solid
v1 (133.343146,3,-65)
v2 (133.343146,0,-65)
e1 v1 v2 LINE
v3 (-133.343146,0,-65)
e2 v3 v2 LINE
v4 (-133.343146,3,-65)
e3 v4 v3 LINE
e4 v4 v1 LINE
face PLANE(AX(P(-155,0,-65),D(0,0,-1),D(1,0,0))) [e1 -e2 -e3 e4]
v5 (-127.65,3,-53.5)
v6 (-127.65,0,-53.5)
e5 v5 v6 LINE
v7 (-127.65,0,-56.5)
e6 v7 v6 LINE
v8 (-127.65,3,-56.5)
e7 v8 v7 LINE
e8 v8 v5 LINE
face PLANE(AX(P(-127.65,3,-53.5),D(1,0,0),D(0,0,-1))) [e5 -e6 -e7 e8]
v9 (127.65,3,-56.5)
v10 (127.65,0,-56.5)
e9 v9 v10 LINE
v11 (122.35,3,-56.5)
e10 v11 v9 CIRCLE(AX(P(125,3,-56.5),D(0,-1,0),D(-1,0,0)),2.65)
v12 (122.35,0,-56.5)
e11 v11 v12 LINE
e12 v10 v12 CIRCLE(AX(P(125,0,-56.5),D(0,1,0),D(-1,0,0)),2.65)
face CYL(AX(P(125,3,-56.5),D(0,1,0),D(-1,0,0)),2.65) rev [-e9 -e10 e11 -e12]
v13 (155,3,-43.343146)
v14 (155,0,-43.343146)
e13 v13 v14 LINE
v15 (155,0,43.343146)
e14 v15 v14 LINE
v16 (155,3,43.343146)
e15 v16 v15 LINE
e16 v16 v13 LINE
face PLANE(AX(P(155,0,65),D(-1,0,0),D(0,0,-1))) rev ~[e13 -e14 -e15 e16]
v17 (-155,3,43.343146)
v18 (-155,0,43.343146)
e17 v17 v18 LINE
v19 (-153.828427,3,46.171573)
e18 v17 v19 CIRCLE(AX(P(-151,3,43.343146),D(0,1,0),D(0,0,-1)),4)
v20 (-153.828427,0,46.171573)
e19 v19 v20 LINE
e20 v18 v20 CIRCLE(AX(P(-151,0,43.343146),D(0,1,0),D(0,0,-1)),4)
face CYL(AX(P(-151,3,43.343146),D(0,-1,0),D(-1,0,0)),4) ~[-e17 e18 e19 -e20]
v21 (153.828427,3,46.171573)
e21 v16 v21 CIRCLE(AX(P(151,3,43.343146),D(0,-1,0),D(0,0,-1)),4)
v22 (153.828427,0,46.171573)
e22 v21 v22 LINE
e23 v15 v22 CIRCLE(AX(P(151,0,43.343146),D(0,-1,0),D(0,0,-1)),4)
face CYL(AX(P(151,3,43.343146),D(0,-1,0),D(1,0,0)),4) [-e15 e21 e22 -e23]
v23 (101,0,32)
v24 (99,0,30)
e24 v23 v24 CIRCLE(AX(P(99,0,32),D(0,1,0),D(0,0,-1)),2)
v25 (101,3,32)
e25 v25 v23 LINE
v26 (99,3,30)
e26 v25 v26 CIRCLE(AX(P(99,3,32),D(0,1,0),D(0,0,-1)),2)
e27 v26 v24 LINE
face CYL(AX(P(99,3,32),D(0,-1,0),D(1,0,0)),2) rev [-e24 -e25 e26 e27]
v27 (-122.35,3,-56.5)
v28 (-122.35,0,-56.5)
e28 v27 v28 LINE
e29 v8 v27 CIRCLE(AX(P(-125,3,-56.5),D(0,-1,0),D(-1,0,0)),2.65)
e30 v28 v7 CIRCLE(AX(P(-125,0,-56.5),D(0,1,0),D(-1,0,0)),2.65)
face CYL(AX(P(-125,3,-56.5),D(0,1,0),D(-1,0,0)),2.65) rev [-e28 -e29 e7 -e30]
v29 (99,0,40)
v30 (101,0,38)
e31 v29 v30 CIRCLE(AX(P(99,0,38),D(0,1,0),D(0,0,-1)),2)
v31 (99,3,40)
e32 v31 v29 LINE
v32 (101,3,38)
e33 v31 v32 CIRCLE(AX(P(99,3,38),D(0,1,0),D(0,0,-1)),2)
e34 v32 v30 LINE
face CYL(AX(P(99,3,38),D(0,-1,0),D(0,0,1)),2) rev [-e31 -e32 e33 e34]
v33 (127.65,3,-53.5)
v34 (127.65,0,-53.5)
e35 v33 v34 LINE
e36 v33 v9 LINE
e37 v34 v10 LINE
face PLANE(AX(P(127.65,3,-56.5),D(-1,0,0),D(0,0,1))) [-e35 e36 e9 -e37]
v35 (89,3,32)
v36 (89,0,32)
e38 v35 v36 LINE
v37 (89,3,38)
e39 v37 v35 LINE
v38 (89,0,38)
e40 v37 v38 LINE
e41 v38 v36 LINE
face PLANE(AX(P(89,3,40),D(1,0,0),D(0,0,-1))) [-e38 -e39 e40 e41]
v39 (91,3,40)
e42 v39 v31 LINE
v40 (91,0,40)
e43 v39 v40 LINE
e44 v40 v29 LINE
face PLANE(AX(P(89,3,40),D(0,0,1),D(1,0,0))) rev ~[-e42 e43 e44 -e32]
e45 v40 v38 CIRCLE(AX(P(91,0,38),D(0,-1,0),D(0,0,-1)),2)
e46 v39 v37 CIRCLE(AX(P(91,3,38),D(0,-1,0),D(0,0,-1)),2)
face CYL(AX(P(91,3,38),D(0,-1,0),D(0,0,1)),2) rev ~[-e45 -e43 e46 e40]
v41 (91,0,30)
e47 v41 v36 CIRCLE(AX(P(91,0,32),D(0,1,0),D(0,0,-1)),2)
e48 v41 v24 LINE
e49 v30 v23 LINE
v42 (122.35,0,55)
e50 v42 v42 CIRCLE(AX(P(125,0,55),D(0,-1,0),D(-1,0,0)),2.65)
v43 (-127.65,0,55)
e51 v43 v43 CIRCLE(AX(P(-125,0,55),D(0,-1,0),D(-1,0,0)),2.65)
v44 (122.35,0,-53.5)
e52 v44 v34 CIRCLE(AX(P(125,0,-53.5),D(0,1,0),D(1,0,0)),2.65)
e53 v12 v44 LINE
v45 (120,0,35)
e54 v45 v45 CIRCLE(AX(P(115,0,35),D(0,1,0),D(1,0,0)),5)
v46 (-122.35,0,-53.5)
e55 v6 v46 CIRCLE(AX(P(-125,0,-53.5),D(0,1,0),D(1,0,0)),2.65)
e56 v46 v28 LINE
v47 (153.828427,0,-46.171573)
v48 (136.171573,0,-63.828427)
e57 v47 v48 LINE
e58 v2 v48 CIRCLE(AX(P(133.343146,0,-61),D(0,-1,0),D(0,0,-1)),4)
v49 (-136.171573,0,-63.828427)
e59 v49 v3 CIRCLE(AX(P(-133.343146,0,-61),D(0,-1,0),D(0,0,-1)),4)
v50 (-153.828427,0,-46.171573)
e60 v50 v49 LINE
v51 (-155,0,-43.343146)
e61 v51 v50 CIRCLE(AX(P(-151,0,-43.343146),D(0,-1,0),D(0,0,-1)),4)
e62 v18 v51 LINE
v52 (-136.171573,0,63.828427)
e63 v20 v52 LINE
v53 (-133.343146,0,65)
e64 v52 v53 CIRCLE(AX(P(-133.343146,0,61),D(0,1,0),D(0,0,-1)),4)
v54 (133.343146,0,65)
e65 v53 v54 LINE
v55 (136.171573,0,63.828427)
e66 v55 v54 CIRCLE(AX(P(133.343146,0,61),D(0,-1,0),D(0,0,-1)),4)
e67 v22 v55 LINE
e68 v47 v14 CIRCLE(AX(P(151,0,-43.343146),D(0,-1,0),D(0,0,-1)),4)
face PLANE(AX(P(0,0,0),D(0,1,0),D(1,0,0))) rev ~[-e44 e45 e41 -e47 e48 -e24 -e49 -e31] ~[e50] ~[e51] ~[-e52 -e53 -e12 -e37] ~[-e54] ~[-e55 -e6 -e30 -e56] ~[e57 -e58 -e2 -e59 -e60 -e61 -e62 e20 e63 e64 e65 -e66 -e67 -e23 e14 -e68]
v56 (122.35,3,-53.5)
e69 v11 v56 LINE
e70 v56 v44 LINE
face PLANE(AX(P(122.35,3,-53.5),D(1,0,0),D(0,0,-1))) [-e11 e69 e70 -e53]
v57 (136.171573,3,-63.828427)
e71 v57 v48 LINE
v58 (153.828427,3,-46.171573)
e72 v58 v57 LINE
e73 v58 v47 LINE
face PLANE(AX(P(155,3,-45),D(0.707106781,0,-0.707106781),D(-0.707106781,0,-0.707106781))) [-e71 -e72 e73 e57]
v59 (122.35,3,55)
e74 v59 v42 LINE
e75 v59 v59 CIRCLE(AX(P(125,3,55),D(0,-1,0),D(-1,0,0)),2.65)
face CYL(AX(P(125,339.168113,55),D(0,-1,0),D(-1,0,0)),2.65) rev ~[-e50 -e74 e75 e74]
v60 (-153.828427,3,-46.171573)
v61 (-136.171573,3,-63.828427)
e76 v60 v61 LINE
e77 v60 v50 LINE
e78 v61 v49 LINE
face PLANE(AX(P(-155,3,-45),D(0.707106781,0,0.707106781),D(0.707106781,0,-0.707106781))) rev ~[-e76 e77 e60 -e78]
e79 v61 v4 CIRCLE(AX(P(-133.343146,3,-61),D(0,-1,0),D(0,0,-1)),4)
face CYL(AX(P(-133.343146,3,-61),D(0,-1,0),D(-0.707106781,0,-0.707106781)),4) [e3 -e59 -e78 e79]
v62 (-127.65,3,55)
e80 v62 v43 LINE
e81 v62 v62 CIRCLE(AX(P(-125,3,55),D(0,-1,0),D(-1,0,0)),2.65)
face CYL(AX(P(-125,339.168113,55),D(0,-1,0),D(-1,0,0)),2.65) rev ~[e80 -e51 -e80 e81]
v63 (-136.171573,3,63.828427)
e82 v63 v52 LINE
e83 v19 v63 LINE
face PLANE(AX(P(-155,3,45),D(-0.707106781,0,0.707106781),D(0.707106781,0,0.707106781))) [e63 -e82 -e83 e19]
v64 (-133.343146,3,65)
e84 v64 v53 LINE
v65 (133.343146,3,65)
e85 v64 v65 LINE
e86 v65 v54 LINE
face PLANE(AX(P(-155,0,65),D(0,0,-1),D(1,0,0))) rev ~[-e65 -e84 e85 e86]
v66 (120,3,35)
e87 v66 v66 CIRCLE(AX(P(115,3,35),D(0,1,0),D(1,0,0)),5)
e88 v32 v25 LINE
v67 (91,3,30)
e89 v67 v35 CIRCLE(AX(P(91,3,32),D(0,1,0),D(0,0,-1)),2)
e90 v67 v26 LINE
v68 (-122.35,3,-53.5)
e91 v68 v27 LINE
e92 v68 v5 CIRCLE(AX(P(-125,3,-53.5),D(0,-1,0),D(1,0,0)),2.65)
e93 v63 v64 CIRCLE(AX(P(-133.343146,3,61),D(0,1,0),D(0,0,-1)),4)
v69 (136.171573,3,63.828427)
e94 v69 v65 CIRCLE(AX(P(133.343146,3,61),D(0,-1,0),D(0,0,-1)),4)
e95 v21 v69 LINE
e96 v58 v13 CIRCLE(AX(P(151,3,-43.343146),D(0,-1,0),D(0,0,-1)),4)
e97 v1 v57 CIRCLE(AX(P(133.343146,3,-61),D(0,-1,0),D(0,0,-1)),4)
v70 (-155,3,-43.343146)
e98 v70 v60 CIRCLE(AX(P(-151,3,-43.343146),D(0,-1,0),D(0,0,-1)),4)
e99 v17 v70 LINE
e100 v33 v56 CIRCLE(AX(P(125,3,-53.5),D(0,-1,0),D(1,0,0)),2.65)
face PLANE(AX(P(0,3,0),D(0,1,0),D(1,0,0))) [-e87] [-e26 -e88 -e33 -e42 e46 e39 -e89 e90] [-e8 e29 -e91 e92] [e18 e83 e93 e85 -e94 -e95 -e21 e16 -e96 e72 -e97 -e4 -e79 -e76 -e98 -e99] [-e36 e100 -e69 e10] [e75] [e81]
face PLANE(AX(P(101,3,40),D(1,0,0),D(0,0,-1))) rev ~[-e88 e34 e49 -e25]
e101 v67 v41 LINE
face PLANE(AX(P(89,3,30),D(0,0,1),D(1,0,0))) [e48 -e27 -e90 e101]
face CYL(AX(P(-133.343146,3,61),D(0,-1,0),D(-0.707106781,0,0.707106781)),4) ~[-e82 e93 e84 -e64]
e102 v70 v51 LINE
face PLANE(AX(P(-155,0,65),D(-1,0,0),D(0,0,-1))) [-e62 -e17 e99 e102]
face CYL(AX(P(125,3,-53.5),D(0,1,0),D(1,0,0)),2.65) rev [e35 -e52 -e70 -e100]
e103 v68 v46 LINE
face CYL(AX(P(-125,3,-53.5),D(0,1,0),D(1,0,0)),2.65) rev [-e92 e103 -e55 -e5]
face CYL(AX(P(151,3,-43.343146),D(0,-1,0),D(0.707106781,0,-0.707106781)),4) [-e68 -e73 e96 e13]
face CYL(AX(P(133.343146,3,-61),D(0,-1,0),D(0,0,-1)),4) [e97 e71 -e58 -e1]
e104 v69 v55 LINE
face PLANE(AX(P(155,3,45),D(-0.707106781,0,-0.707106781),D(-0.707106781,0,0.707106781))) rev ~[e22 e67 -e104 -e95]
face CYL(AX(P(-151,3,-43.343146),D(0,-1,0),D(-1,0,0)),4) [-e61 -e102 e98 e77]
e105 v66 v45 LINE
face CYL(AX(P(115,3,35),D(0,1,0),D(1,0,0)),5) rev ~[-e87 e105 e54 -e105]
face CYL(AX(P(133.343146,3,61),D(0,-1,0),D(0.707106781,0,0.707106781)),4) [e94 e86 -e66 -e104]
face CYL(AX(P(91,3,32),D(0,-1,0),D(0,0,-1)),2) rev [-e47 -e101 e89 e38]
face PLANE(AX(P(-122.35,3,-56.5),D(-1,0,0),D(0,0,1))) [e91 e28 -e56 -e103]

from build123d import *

# Parameters (mm, degrees)
SKETCH1_W                  = 310
SKETCH1_H                  = 130
BOSS_EXTRUDE1_DEPTH        = 3
CUT_EXTRUDE2_DEPTH         = 4
FILLET1_R                  = 4
F_5_3_5_3_DIAMETER_HOLE1_D = 5.3
SKETCH6_R                  = 5
SKETCH6_W                  = 12
SKETCH6_H                  = 10
CUT_EXTRUDE1_DEPTH         = 4
FILLET2_R                  = 2
CUT_EXTRUDE3_DEPTH         = 4


with BuildPart() as part:
    # Sketch1 → Boss-Extrude1 (new body)
    with BuildSketch(Plane(origin=(0, 0, 0), x_dir=(1, 0, 0), z_dir=(0, 1, 0))):
        Rectangle(SKETCH1_W, SKETCH1_H)
    extrude(amount=BOSS_EXTRUDE1_DEPTH)

    # Sketch7 → Cut-Extrude2 (cut, through all)
    with BuildSketch(Plane(origin=(0, 3, 0), x_dir=(1, 0, 0), z_dir=(0, 1, 0))):
        Polygon((-155, 65), (-155, 45), (-135, 65), align=None)
        Polygon((135, 65), (155, 65), (155, 45), align=None)
        Polygon((155, -65), (155, -45), (135, -65), align=None)
        Polygon((-135, -65), (-155, -65), (-155, -45), align=None)
    extrude(amount=-CUT_EXTRUDE2_DEPTH, mode=Mode.SUBTRACT)

    # Fillet1
    fillet1_edges = [part.edges().sort_by_distance(p)[0] for p in [
        (-155, 1.5, 45),
        (-135, 1.5, 65),
        (135, 1.5, 65),
        (155, 1.5, 45),
        (155, 1.5, -45),
        (135, 1.5, -65),
        (-135, 1.5, -65),
        (-155, 1.5, -45),
    ]]
    fillet(fillet1_edges, radius=FILLET1_R)

    # Ø5.3 (5.3) Diameter Hole1 (through all)
    with Locations(Plane(origin=(0, 3, 0), x_dir=(1, 0, 0), z_dir=(0, 1, 0))):
        with Locations((125, 55), (-125, -55), (-125, 55), (125, -55)):
            Hole(F_5_3_5_3_DIAMETER_HOLE1_D / 2)

    # Sketch6 → Cut-Extrude1 (cut, through all)
    with BuildSketch(Plane(origin=(0, 3, 0), x_dir=(1, 0, 0), z_dir=(0, 1, 0))):
        with Locations((115, -35)):
            Circle(SKETCH6_R)
        with Locations((95, -35)):
            Rectangle(SKETCH6_W, SKETCH6_H)
    extrude(amount=-CUT_EXTRUDE1_DEPTH, mode=Mode.SUBTRACT)

    # Fillet2
    fillet2_edges = [part.edges().sort_by_distance(p)[0] for p in [
        (101, 1.5, 30),
        (101, 1.5, 40),
        (89, 1.5, 40),
        (89, 1.5, 30),
    ]]
    fillet(fillet2_edges, radius=FILLET2_R)

    # Sketch8 → Cut-Extrude3 (cut, through all)
    with BuildSketch(Plane(origin=(0, 3, 0), x_dir=(1, 0, 0), z_dir=(0, 1, 0))):
        with BuildLine():
            Line((-127.65, 53.5), (-127.65, 56.5))
            ThreePointArc((-127.65, 56.5), (-125, 59.15), (-122.35, 56.5))
            Line((-122.35, 56.5), (-122.35, 53.5))
            ThreePointArc((-122.35, 53.5), (-125, 50.85), (-127.65, 53.5))
        make_face()
        with BuildLine():
            Line((122.35, 53.5), (122.35, 56.5))
            ThreePointArc((122.35, 56.5), (125, 59.15), (127.65, 56.5))
            Line((127.65, 56.5), (127.65, 53.5))
            ThreePointArc((127.65, 53.5), (125, 50.85), (122.35, 53.5))
        make_face()
    extrude(amount=-CUT_EXTRUDE3_DEPTH, mode=Mode.SUBTRACT)


solid = part.part
